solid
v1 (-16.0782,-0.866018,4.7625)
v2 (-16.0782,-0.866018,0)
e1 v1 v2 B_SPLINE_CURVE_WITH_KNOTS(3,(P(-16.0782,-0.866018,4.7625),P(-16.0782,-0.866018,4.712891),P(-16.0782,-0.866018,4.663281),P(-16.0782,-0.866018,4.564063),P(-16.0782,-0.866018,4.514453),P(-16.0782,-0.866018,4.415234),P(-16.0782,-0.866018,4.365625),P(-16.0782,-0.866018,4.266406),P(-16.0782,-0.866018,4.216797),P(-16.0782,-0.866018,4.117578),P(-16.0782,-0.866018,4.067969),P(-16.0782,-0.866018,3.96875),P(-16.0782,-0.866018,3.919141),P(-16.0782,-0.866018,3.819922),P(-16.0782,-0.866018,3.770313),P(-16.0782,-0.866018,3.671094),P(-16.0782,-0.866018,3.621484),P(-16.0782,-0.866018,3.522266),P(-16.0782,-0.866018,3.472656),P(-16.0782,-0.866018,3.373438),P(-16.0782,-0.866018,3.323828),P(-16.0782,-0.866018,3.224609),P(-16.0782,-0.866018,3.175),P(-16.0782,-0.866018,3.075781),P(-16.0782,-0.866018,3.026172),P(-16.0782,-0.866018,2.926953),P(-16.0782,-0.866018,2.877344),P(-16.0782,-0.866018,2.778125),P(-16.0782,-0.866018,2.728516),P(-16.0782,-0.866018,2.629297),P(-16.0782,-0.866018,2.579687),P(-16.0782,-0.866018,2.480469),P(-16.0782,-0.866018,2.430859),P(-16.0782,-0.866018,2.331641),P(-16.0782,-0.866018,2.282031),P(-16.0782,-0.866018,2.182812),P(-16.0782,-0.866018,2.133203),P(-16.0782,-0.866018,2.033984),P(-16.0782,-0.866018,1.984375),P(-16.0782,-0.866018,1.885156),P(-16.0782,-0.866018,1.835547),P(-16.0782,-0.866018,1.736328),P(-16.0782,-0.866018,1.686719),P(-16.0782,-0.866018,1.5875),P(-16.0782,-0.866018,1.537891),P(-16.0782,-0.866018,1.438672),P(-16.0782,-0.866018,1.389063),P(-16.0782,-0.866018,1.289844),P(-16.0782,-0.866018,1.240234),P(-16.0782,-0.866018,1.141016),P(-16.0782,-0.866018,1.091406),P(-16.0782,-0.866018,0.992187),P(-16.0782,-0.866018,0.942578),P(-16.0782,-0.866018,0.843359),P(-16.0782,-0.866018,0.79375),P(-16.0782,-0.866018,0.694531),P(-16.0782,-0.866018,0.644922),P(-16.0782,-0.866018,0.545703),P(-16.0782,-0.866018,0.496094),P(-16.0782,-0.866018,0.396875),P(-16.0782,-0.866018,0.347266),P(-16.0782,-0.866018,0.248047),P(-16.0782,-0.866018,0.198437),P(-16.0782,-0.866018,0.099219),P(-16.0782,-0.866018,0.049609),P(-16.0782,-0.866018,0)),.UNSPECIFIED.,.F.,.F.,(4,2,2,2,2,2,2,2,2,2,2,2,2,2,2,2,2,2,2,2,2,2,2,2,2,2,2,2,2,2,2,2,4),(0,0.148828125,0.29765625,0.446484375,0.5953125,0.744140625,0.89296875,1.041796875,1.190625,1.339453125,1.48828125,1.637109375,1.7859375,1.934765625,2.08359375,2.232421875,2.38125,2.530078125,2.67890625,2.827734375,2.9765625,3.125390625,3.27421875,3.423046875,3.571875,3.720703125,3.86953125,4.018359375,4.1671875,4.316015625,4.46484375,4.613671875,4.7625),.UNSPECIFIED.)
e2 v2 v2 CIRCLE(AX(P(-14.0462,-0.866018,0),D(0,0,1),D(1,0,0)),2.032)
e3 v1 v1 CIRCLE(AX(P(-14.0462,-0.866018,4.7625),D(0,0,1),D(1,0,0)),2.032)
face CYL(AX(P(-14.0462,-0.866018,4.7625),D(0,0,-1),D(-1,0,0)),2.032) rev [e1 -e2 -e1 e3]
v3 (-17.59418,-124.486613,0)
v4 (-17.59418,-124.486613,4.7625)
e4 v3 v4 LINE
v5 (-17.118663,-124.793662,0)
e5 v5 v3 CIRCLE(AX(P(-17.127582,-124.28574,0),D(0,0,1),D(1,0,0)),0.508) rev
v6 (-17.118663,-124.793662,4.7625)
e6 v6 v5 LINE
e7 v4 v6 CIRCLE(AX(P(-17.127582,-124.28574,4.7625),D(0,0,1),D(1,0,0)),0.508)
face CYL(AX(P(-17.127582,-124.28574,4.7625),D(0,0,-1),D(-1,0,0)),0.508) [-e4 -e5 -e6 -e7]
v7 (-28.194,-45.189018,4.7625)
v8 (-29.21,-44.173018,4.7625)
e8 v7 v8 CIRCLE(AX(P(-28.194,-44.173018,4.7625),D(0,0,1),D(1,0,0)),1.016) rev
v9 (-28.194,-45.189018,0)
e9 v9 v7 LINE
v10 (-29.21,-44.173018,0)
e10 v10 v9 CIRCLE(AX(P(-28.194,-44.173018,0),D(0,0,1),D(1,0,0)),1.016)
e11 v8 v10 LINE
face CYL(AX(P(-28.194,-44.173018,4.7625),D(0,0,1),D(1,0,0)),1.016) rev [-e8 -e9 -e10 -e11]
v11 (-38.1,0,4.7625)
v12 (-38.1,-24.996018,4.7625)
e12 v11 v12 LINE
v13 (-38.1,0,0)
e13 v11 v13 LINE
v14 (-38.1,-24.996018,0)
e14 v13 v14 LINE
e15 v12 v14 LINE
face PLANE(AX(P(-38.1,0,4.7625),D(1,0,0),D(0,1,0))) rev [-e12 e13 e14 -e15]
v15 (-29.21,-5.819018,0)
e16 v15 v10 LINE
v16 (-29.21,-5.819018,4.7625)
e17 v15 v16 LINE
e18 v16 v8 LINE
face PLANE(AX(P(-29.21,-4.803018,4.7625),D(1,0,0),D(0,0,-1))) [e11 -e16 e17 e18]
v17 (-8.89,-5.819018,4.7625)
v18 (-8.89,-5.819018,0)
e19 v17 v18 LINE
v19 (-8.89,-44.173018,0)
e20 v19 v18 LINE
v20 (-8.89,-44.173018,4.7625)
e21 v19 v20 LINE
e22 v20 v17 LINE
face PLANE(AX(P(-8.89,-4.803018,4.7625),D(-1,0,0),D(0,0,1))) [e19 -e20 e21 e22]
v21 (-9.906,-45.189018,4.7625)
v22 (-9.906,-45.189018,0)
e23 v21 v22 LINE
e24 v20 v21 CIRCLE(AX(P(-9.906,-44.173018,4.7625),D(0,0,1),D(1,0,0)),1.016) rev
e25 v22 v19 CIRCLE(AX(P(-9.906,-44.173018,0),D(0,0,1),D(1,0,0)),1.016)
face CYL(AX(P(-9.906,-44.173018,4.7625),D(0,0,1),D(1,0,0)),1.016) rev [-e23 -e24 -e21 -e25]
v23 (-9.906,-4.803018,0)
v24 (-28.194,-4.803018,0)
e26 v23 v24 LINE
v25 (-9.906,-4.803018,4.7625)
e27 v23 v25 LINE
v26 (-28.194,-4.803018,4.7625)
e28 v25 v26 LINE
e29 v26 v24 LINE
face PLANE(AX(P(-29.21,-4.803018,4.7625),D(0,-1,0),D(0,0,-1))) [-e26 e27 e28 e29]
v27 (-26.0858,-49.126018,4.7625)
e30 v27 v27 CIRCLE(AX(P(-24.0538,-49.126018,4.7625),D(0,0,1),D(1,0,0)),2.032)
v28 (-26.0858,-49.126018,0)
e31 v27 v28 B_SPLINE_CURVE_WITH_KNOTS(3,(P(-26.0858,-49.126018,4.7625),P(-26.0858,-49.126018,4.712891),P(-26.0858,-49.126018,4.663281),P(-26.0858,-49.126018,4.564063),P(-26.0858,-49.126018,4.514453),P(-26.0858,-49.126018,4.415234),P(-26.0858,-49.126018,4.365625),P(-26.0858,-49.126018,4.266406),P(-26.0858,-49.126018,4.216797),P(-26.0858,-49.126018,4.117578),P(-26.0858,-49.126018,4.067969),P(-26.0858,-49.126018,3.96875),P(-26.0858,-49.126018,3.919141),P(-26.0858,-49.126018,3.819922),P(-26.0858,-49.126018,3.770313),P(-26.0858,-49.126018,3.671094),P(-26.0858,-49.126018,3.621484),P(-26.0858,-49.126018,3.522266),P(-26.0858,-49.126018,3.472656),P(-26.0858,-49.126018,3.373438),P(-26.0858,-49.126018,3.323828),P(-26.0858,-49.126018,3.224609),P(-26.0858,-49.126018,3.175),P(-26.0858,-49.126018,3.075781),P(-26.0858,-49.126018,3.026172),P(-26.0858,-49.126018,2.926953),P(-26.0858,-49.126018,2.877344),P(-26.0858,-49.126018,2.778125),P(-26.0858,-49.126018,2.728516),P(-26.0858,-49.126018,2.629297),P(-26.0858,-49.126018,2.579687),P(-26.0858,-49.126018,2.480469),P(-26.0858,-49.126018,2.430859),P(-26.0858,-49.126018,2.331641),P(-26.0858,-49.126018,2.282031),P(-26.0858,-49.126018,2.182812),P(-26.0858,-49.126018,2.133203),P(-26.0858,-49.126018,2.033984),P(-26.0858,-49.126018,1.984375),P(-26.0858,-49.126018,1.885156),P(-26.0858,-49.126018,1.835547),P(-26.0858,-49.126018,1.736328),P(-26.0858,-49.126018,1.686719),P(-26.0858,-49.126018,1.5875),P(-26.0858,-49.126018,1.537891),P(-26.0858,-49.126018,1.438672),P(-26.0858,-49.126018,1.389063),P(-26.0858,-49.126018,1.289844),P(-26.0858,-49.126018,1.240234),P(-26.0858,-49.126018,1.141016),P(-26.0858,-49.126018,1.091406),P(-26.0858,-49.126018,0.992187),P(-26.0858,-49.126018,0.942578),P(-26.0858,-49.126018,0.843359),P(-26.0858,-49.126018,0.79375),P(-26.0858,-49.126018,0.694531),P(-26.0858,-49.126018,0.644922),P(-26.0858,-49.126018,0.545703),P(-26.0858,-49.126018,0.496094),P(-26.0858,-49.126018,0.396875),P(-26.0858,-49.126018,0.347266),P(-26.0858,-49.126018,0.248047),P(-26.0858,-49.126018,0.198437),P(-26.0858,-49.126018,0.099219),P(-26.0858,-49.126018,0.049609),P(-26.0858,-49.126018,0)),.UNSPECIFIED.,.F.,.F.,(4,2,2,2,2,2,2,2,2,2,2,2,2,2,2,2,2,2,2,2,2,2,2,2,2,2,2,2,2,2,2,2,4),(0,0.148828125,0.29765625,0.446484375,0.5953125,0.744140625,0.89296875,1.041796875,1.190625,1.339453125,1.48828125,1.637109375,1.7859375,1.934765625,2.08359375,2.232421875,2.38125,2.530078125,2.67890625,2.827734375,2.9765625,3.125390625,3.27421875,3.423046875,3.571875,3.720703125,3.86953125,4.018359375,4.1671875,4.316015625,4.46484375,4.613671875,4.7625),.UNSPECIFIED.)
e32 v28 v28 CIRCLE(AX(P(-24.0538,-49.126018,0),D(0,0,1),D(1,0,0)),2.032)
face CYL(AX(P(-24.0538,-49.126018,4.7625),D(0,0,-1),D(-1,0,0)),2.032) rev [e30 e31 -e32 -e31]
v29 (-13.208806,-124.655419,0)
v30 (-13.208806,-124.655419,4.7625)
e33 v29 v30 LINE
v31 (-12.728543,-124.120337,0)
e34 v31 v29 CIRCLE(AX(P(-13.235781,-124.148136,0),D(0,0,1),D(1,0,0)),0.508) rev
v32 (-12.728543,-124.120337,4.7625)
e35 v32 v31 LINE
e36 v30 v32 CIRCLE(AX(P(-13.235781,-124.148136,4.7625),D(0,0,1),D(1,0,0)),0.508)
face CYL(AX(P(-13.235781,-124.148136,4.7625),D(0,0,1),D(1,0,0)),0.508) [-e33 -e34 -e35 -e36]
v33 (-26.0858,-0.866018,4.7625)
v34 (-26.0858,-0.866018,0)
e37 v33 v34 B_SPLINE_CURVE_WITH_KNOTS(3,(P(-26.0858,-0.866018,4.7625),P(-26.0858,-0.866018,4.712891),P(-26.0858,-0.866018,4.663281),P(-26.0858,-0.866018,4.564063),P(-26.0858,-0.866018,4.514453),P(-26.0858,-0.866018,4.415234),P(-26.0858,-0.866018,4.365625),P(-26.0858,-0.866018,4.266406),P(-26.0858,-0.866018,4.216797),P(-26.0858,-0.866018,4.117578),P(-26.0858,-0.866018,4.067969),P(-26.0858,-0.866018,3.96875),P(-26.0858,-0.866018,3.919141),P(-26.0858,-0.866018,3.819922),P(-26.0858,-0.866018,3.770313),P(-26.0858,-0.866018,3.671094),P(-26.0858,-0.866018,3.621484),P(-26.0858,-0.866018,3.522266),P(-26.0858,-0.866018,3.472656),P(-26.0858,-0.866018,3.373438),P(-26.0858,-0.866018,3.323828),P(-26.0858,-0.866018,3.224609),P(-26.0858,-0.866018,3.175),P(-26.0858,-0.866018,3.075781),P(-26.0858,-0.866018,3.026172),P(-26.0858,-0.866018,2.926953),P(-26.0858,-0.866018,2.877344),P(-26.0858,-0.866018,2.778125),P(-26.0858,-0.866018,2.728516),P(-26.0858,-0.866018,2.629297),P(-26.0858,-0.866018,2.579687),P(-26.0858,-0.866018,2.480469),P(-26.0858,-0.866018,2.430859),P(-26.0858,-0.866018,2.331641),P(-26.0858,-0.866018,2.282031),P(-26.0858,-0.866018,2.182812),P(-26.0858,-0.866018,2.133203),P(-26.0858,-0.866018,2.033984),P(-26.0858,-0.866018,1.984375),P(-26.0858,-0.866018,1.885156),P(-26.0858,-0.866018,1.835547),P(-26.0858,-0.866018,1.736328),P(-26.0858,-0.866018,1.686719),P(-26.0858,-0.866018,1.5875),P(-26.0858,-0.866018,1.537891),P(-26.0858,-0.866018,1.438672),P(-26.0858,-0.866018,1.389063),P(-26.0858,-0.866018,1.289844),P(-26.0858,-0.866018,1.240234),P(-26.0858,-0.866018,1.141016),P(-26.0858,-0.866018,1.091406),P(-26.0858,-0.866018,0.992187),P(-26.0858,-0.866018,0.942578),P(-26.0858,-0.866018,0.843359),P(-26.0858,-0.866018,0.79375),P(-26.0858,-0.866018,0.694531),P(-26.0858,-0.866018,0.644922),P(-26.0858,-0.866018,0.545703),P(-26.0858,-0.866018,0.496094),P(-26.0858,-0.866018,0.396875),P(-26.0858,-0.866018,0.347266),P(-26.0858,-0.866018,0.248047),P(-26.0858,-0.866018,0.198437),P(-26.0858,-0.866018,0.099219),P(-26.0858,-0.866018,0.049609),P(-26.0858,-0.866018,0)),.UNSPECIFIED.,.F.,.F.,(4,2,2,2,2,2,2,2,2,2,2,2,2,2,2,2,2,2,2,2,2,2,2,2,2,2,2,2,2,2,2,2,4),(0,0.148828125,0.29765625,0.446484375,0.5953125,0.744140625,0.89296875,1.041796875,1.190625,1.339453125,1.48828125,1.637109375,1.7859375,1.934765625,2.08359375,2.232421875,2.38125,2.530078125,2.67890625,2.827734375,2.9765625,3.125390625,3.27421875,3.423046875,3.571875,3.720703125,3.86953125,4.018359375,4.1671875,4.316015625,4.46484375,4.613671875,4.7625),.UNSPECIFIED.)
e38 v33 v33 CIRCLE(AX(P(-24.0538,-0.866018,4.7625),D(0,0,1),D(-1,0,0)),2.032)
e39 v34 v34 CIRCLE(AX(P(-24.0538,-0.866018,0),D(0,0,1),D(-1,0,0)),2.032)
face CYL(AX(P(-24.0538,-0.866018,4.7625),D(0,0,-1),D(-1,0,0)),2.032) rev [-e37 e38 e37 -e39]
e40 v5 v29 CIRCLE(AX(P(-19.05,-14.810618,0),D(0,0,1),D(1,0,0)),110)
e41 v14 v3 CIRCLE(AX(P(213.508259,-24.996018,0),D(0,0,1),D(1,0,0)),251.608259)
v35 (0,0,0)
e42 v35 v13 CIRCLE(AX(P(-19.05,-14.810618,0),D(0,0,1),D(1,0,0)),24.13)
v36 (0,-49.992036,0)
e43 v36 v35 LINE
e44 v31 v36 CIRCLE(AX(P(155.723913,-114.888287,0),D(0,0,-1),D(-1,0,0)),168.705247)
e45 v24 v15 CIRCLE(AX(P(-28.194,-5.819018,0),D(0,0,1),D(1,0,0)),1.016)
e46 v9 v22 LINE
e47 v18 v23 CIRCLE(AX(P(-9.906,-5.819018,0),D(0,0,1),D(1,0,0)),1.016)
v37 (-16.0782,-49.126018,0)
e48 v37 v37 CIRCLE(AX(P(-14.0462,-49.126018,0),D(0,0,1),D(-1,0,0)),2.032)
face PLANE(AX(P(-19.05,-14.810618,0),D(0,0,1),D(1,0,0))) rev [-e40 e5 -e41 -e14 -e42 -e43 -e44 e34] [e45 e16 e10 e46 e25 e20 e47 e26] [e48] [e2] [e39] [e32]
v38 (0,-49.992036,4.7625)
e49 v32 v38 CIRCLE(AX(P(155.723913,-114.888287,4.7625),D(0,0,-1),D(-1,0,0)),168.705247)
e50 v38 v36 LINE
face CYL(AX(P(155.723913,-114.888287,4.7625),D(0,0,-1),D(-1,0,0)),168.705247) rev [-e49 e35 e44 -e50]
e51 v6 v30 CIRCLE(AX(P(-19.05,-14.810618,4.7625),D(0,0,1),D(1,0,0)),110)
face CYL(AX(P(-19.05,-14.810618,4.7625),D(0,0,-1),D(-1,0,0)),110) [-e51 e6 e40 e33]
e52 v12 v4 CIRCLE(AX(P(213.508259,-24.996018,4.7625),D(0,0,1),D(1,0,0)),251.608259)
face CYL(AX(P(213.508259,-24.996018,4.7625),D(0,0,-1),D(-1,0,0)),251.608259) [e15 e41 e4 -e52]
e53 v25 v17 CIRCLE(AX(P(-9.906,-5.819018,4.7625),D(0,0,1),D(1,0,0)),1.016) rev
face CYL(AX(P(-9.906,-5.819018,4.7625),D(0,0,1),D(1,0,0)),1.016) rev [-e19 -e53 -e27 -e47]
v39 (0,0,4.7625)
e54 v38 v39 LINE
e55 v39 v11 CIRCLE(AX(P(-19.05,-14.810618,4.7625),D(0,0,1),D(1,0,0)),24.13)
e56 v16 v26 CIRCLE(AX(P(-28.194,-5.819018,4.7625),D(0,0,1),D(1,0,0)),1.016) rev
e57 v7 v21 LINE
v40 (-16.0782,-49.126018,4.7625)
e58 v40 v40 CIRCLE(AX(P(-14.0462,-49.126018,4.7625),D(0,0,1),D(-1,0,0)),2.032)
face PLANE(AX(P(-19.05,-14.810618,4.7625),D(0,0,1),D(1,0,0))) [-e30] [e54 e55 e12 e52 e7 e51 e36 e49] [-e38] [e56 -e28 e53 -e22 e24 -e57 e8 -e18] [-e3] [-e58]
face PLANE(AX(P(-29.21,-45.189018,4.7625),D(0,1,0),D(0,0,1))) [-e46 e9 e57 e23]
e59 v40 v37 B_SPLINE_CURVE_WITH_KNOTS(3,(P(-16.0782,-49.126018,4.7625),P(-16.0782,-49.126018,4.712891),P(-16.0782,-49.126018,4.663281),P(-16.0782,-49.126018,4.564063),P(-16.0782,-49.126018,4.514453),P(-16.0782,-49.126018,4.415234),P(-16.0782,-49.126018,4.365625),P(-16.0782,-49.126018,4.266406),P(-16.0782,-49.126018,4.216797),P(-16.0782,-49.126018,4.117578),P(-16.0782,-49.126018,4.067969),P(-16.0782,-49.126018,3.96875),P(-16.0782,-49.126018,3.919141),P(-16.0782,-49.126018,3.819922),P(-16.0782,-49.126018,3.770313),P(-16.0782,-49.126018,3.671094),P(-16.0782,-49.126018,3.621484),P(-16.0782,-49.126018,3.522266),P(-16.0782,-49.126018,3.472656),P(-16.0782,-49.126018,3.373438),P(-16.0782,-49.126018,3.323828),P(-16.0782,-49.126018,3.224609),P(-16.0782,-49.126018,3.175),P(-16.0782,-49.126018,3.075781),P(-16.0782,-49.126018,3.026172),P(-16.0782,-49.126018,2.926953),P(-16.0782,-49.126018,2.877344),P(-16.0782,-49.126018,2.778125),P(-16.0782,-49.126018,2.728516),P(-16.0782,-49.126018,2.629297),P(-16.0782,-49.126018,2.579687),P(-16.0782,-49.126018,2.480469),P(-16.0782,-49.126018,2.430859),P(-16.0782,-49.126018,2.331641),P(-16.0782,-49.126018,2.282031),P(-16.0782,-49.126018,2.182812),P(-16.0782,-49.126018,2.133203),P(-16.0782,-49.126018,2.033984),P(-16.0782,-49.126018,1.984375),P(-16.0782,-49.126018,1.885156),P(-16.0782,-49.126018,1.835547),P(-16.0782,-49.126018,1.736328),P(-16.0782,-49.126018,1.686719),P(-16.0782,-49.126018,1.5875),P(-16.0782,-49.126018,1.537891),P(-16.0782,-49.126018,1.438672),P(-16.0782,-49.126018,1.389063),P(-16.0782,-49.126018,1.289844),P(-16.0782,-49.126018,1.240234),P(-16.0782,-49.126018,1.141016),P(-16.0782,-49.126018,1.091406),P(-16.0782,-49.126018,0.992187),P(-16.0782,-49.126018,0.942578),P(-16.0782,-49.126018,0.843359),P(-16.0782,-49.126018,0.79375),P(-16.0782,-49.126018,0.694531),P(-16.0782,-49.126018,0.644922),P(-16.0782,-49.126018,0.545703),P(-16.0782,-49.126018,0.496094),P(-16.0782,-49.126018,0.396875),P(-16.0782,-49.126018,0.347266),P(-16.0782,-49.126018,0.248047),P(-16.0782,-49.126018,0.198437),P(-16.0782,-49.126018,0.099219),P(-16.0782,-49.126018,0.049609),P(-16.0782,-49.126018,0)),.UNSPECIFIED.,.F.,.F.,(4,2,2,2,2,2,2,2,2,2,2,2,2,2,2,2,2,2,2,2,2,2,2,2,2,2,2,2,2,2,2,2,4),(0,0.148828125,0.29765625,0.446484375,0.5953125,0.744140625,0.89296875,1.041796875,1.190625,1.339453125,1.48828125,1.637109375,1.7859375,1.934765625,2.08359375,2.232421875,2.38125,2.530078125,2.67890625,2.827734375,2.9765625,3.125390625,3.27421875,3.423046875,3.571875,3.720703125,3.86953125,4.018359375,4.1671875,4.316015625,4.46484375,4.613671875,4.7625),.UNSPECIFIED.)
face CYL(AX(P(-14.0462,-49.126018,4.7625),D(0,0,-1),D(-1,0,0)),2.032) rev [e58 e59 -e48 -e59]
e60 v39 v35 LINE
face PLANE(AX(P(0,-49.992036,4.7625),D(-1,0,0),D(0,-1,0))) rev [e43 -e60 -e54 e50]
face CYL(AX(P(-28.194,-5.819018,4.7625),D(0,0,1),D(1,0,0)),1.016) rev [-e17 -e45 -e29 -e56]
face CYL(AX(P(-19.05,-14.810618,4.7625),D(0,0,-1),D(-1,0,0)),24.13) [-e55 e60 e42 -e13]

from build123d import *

# Parameters (mm, degrees)
SKETCH1_R           = 2.032
SKETCH1_W           = 20.32
SKETCH1_H           = 40.386
BOSS_EXTRUDE1_DEPTH = 4.7625
FILLET1_R           = 1.016
FILLET2_R           = 0.508


with BuildPart() as part:
    # Sketch1 → Boss-Extrude1 (new body)
    with BuildSketch(Plane.XY):
        with BuildLine():
            Line((0, -49.992035626), (0, 0))
            ThreePointArc((0, 0), (-19.05, 9.319382187), (-38.1, 0))
            Line((-38.1, 0), (-38.1, -24.996017813))
            ThreePointArc((-38.1, -24.996017813), (-32.885821078, -75.953581503), (-17.459395355, -124.799117107))
            ThreePointArc((-17.459395355, -124.799117107), (-15.078767061, -124.73890948), (-12.7, -124.627180771))
            ThreePointArc((-12.7, -124.627180771), (-10.590712033, -86.588003883), (0, -49.992035626))
        make_face()
        with Locations(Location((-14.0462, -0.866017813, 0), (0, 0, 180))):
            Circle(SKETCH1_R, mode=Mode.SUBTRACT)
        with Locations(Location((-24.0538, -0.866017813, 0), (0, 0, 180))):
            Circle(SKETCH1_R, mode=Mode.SUBTRACT)
        with Locations(Location((-24.0538, -49.126017813, 0), (0, 0, 180))):
            Circle(SKETCH1_R, mode=Mode.SUBTRACT)
        with Locations(Location((-14.0462, -49.126017813, 0), (0, 0, 180))):
            Circle(SKETCH1_R, mode=Mode.SUBTRACT)
        with Locations((-19.05, -24.996017813)):
            Rectangle(SKETCH1_W, SKETCH1_H, mode=Mode.SUBTRACT)
    extrude(amount=BOSS_EXTRUDE1_DEPTH)

    # Fillet1
    fillet1_edges = [part.edges().sort_by_distance(p)[0] for p in [
        (-8.89, -45.189017813, 2.38125),
        (-8.89, -4.803017813, 2.38125),
        (-29.21, -4.803017813, 2.38125),
        (-29.21, -45.189017813, 2.38125),
    ]]
    fillet(fillet1_edges, radius=FILLET1_R)

    # Fillet2
    fillet2_edges = [part.edges().sort_by_distance(p)[0] for p in [
        (-12.7, -124.627180771, 2.38125),
        (-17.459395355, -124.799117107, 2.38125),
    ]]
    fillet(fillet2_edges, radius=FILLET2_R)


solid = part.part
